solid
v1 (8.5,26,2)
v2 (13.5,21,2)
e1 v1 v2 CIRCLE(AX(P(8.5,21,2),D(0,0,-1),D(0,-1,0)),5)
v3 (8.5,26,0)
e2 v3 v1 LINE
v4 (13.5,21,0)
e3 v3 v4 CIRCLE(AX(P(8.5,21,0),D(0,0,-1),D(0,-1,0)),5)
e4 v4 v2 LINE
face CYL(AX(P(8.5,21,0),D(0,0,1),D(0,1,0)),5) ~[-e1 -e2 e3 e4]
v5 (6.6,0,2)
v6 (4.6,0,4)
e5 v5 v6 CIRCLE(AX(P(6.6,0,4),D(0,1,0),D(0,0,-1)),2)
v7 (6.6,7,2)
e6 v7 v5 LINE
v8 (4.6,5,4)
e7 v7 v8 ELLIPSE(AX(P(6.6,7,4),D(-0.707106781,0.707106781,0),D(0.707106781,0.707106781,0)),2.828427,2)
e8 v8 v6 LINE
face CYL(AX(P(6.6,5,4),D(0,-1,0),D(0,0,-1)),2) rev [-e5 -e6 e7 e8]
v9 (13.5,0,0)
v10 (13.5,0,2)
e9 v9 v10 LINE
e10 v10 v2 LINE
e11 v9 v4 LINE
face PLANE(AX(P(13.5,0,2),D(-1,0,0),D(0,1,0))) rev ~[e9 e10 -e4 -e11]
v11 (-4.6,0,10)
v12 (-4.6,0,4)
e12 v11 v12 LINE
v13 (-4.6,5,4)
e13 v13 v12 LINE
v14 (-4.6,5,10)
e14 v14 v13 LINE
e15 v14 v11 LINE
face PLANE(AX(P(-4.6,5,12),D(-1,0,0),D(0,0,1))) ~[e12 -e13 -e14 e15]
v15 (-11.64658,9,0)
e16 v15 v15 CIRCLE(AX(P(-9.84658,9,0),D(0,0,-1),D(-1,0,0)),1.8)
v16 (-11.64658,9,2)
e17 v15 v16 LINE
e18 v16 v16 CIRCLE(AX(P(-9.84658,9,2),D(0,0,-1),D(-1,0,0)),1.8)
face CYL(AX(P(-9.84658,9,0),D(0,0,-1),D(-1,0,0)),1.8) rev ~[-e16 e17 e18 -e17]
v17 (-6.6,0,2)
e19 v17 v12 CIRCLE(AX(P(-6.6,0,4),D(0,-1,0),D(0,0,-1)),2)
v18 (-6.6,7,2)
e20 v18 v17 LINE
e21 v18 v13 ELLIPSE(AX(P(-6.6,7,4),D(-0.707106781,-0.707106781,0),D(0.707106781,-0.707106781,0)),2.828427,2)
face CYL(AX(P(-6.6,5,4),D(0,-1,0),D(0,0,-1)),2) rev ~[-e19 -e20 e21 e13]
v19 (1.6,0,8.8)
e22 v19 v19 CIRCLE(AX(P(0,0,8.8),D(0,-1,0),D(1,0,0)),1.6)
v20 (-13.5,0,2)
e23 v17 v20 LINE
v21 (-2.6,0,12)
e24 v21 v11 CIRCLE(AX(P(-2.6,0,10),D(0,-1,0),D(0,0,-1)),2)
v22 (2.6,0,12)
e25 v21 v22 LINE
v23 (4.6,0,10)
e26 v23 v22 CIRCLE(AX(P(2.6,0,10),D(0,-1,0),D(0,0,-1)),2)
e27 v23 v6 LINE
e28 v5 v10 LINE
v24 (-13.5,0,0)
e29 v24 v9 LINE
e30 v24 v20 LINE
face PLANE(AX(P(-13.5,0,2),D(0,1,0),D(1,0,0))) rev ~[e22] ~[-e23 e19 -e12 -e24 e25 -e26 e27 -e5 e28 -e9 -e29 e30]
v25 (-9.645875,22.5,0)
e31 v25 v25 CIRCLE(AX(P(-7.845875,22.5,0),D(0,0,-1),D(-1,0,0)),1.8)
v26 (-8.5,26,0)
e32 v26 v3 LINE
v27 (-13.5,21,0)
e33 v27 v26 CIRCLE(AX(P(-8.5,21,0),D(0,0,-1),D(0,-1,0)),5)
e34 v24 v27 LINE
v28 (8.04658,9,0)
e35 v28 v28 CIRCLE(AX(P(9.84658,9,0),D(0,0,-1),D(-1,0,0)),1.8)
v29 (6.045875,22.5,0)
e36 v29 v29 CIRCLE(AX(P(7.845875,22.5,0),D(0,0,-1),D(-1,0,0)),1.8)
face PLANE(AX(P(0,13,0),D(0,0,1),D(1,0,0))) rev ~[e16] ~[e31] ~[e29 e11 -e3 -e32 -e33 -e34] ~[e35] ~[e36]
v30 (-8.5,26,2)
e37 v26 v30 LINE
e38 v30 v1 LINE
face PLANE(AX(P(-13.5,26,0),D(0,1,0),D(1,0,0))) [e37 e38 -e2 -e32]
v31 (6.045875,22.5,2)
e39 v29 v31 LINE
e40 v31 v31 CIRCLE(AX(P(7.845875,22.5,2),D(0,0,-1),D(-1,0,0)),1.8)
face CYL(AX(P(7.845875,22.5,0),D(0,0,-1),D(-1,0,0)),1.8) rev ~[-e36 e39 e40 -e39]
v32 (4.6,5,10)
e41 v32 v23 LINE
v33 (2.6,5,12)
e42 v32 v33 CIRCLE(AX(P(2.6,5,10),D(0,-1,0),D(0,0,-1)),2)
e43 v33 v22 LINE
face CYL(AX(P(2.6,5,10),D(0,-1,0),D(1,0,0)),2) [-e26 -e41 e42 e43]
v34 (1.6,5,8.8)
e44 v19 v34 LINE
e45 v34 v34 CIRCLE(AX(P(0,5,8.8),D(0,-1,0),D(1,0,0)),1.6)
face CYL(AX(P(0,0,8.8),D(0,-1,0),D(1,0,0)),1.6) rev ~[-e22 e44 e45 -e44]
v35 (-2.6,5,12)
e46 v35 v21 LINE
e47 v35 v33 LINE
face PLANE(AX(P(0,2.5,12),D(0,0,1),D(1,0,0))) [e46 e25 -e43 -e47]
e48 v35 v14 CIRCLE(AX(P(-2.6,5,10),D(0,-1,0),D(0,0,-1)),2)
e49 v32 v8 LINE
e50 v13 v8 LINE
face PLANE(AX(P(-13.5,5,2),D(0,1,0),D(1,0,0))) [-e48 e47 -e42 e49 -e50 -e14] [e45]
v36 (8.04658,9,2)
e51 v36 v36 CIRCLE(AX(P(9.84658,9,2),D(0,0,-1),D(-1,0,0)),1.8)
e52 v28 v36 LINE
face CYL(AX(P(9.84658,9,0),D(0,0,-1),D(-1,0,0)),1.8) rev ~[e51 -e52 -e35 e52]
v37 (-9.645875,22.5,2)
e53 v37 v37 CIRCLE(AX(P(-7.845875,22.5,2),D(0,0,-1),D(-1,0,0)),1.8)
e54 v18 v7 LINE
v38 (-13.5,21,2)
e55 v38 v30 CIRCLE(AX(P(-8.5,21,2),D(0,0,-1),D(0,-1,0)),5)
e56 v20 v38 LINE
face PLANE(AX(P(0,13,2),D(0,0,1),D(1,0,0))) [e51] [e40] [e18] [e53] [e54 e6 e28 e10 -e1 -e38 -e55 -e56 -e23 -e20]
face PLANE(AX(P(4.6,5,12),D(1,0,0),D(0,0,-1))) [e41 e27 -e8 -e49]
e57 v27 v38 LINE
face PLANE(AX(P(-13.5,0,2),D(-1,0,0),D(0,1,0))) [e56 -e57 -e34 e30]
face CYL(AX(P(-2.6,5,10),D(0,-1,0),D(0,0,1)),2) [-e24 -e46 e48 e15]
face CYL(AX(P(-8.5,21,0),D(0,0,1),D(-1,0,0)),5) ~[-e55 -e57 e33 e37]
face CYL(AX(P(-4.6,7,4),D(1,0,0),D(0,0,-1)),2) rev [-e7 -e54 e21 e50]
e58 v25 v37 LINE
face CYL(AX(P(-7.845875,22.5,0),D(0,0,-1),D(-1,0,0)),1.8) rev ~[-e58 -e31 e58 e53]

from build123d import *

# Parameters (mm, degrees)
SKETCH1_W           = 27
SKETCH1_H           = 26
BOSS_EXTRUDE1_DEPTH = 2
SKETCH2_W           = 27
SKETCH2_H           = 5
BOSS_EXTRUDE2_DEPTH = 10
CUT_EXTRUDE1_REACH  = 28
SKETCH3_R           = 1.6
SKETCH4_W           = 8.9
SKETCH4_H           = 10
CUT_EXTRUDE2_DEPTH  = 5
CUT_EXTRUDE3_REACH  = 14
SKETCH5_R           = 1.8
FILLET1_R           = 5
FILLET2_R           = 2
FILLET3_R           = 2


with BuildPart() as part:
    # Sketch1 → Boss-Extrude1 (new body)
    with BuildSketch(Plane.XY):
        with Locations((0, 13)):
            Rectangle(SKETCH1_W, SKETCH1_H)
    extrude(amount=BOSS_EXTRUDE1_DEPTH)

    # Sketch2 → Boss-Extrude2 (add)
    with BuildSketch(Plane.XY.offset(2)):
        with Locations((0, 2.5)):
            Rectangle(SKETCH2_W, SKETCH2_H)
    extrude(amount=BOSS_EXTRUDE2_DEPTH)

    # Sketch3 → Cut-Extrude1 (cut, up to next)
    with BuildSketch(Plane.XZ, mode=Mode.PRIVATE) as cut_extrude1_sk1:
        with Locations((0, 8.8)):
            Circle(SKETCH3_R)
    cut_extrude1_tool1 = extrude(cut_extrude1_sk1.sketch, amount=-CUT_EXTRUDE1_REACH, mode=Mode.PRIVATE) & part.part
    add(cut_extrude1_tool1.solids().sort_by_distance((0, 0, 8.8))[0], mode=Mode.SUBTRACT)

    # Sketch4 → Cut-Extrude2 (cut)
    with BuildSketch(Plane(origin=(0, 5, 0), x_dir=(1, 0, 0), z_dir=(0, 1, 0))):
        with Locations((9.05, -7)):
            Rectangle(SKETCH4_W, SKETCH4_H)
    cut_extrude2 = extrude(amount=-CUT_EXTRUDE2_DEPTH, mode=Mode.SUBTRACT)

    # Mirror1: Cut-Extrude2 across plane
    add(cut_extrude2.mirror(Plane(origin=(0, 0, 0), x_dir=(0, 0, 1), z_dir=(1, 0, 0))), mode=Mode.SUBTRACT)

    # Sketch5 → Cut-Extrude3 (cut, up to next)
    with BuildSketch(Plane(origin=(0, 0, 0), x_dir=(-1, 0, 0), z_dir=(0, 0, -1)), mode=Mode.PRIVATE) as cut_extrude3_sk1:
        with Locations((-7.845874534, 22.5)):
            Circle(SKETCH5_R)
    cut_extrude3_tool1 = extrude(cut_extrude3_sk1.sketch, amount=-CUT_EXTRUDE3_REACH, mode=Mode.PRIVATE) & part.part
    add(cut_extrude3_tool1.solids().sort_by_distance((7.845875, 22.5, 0))[0], mode=Mode.SUBTRACT)
    # Sketch5 → Cut-Extrude3 (cut, up to next)
    with BuildSketch(Plane(origin=(0, 0, 0), x_dir=(-1, 0, 0), z_dir=(0, 0, -1)), mode=Mode.PRIVATE) as cut_extrude3_sk2:
        with Locations((7.845874534, 22.5)):
            Circle(SKETCH5_R)
    cut_extrude3_tool2 = extrude(cut_extrude3_sk2.sketch, amount=-CUT_EXTRUDE3_REACH, mode=Mode.PRIVATE) & part.part
    add(cut_extrude3_tool2.solids().sort_by_distance((-7.845875, 22.5, 0))[0], mode=Mode.SUBTRACT)
    # Sketch5 → Cut-Extrude3 (cut, up to next)
    with BuildSketch(Plane(origin=(0, 0, 0), x_dir=(-1, 0, 0), z_dir=(0, 0, -1)), mode=Mode.PRIVATE) as cut_extrude3_sk3:
        with Locations((-9.846580197, 9)):
            Circle(SKETCH5_R)
    cut_extrude3_tool3 = extrude(cut_extrude3_sk3.sketch, amount=-CUT_EXTRUDE3_REACH, mode=Mode.PRIVATE) & part.part
    add(cut_extrude3_tool3.solids().sort_by_distance((9.84658, 9, 0))[0], mode=Mode.SUBTRACT)
    # Sketch5 → Cut-Extrude3 (cut, up to next)
    with BuildSketch(Plane(origin=(0, 0, 0), x_dir=(-1, 0, 0), z_dir=(0, 0, -1)), mode=Mode.PRIVATE) as cut_extrude3_sk4:
        with Locations((9.846580197, 9)):
            Circle(SKETCH5_R)
    cut_extrude3_tool4 = extrude(cut_extrude3_sk4.sketch, amount=-CUT_EXTRUDE3_REACH, mode=Mode.PRIVATE) & part.part
    add(cut_extrude3_tool4.solids().sort_by_distance((-9.84658, 9, 0))[0], mode=Mode.SUBTRACT)

    # Fillet1
    fillet1_edges = [part.edges().sort_by_distance(p)[0] for p in [
        (-13.5, 26, 1),
        (13.5, 26, 1),
    ]]
    fillet(fillet1_edges, radius=FILLET1_R)

    # Fillet2
    fillet2_edges = [part.edges().sort_by_distance(p)[0] for p in [
        (0, 5, 2),
        (4.6, 2.5, 2),
        (-4.6, 2.5, 2),
    ]]
    fillet(fillet2_edges, radius=FILLET2_R)

    # Fillet3
    fillet3_edges = [part.edges().sort_by_distance(p)[0] for p in [
        (4.6, 2.5, 12),
        (-4.6, 2.5, 12),
    ]]
    fillet(fillet3_edges, radius=FILLET3_R)


solid = part.part
